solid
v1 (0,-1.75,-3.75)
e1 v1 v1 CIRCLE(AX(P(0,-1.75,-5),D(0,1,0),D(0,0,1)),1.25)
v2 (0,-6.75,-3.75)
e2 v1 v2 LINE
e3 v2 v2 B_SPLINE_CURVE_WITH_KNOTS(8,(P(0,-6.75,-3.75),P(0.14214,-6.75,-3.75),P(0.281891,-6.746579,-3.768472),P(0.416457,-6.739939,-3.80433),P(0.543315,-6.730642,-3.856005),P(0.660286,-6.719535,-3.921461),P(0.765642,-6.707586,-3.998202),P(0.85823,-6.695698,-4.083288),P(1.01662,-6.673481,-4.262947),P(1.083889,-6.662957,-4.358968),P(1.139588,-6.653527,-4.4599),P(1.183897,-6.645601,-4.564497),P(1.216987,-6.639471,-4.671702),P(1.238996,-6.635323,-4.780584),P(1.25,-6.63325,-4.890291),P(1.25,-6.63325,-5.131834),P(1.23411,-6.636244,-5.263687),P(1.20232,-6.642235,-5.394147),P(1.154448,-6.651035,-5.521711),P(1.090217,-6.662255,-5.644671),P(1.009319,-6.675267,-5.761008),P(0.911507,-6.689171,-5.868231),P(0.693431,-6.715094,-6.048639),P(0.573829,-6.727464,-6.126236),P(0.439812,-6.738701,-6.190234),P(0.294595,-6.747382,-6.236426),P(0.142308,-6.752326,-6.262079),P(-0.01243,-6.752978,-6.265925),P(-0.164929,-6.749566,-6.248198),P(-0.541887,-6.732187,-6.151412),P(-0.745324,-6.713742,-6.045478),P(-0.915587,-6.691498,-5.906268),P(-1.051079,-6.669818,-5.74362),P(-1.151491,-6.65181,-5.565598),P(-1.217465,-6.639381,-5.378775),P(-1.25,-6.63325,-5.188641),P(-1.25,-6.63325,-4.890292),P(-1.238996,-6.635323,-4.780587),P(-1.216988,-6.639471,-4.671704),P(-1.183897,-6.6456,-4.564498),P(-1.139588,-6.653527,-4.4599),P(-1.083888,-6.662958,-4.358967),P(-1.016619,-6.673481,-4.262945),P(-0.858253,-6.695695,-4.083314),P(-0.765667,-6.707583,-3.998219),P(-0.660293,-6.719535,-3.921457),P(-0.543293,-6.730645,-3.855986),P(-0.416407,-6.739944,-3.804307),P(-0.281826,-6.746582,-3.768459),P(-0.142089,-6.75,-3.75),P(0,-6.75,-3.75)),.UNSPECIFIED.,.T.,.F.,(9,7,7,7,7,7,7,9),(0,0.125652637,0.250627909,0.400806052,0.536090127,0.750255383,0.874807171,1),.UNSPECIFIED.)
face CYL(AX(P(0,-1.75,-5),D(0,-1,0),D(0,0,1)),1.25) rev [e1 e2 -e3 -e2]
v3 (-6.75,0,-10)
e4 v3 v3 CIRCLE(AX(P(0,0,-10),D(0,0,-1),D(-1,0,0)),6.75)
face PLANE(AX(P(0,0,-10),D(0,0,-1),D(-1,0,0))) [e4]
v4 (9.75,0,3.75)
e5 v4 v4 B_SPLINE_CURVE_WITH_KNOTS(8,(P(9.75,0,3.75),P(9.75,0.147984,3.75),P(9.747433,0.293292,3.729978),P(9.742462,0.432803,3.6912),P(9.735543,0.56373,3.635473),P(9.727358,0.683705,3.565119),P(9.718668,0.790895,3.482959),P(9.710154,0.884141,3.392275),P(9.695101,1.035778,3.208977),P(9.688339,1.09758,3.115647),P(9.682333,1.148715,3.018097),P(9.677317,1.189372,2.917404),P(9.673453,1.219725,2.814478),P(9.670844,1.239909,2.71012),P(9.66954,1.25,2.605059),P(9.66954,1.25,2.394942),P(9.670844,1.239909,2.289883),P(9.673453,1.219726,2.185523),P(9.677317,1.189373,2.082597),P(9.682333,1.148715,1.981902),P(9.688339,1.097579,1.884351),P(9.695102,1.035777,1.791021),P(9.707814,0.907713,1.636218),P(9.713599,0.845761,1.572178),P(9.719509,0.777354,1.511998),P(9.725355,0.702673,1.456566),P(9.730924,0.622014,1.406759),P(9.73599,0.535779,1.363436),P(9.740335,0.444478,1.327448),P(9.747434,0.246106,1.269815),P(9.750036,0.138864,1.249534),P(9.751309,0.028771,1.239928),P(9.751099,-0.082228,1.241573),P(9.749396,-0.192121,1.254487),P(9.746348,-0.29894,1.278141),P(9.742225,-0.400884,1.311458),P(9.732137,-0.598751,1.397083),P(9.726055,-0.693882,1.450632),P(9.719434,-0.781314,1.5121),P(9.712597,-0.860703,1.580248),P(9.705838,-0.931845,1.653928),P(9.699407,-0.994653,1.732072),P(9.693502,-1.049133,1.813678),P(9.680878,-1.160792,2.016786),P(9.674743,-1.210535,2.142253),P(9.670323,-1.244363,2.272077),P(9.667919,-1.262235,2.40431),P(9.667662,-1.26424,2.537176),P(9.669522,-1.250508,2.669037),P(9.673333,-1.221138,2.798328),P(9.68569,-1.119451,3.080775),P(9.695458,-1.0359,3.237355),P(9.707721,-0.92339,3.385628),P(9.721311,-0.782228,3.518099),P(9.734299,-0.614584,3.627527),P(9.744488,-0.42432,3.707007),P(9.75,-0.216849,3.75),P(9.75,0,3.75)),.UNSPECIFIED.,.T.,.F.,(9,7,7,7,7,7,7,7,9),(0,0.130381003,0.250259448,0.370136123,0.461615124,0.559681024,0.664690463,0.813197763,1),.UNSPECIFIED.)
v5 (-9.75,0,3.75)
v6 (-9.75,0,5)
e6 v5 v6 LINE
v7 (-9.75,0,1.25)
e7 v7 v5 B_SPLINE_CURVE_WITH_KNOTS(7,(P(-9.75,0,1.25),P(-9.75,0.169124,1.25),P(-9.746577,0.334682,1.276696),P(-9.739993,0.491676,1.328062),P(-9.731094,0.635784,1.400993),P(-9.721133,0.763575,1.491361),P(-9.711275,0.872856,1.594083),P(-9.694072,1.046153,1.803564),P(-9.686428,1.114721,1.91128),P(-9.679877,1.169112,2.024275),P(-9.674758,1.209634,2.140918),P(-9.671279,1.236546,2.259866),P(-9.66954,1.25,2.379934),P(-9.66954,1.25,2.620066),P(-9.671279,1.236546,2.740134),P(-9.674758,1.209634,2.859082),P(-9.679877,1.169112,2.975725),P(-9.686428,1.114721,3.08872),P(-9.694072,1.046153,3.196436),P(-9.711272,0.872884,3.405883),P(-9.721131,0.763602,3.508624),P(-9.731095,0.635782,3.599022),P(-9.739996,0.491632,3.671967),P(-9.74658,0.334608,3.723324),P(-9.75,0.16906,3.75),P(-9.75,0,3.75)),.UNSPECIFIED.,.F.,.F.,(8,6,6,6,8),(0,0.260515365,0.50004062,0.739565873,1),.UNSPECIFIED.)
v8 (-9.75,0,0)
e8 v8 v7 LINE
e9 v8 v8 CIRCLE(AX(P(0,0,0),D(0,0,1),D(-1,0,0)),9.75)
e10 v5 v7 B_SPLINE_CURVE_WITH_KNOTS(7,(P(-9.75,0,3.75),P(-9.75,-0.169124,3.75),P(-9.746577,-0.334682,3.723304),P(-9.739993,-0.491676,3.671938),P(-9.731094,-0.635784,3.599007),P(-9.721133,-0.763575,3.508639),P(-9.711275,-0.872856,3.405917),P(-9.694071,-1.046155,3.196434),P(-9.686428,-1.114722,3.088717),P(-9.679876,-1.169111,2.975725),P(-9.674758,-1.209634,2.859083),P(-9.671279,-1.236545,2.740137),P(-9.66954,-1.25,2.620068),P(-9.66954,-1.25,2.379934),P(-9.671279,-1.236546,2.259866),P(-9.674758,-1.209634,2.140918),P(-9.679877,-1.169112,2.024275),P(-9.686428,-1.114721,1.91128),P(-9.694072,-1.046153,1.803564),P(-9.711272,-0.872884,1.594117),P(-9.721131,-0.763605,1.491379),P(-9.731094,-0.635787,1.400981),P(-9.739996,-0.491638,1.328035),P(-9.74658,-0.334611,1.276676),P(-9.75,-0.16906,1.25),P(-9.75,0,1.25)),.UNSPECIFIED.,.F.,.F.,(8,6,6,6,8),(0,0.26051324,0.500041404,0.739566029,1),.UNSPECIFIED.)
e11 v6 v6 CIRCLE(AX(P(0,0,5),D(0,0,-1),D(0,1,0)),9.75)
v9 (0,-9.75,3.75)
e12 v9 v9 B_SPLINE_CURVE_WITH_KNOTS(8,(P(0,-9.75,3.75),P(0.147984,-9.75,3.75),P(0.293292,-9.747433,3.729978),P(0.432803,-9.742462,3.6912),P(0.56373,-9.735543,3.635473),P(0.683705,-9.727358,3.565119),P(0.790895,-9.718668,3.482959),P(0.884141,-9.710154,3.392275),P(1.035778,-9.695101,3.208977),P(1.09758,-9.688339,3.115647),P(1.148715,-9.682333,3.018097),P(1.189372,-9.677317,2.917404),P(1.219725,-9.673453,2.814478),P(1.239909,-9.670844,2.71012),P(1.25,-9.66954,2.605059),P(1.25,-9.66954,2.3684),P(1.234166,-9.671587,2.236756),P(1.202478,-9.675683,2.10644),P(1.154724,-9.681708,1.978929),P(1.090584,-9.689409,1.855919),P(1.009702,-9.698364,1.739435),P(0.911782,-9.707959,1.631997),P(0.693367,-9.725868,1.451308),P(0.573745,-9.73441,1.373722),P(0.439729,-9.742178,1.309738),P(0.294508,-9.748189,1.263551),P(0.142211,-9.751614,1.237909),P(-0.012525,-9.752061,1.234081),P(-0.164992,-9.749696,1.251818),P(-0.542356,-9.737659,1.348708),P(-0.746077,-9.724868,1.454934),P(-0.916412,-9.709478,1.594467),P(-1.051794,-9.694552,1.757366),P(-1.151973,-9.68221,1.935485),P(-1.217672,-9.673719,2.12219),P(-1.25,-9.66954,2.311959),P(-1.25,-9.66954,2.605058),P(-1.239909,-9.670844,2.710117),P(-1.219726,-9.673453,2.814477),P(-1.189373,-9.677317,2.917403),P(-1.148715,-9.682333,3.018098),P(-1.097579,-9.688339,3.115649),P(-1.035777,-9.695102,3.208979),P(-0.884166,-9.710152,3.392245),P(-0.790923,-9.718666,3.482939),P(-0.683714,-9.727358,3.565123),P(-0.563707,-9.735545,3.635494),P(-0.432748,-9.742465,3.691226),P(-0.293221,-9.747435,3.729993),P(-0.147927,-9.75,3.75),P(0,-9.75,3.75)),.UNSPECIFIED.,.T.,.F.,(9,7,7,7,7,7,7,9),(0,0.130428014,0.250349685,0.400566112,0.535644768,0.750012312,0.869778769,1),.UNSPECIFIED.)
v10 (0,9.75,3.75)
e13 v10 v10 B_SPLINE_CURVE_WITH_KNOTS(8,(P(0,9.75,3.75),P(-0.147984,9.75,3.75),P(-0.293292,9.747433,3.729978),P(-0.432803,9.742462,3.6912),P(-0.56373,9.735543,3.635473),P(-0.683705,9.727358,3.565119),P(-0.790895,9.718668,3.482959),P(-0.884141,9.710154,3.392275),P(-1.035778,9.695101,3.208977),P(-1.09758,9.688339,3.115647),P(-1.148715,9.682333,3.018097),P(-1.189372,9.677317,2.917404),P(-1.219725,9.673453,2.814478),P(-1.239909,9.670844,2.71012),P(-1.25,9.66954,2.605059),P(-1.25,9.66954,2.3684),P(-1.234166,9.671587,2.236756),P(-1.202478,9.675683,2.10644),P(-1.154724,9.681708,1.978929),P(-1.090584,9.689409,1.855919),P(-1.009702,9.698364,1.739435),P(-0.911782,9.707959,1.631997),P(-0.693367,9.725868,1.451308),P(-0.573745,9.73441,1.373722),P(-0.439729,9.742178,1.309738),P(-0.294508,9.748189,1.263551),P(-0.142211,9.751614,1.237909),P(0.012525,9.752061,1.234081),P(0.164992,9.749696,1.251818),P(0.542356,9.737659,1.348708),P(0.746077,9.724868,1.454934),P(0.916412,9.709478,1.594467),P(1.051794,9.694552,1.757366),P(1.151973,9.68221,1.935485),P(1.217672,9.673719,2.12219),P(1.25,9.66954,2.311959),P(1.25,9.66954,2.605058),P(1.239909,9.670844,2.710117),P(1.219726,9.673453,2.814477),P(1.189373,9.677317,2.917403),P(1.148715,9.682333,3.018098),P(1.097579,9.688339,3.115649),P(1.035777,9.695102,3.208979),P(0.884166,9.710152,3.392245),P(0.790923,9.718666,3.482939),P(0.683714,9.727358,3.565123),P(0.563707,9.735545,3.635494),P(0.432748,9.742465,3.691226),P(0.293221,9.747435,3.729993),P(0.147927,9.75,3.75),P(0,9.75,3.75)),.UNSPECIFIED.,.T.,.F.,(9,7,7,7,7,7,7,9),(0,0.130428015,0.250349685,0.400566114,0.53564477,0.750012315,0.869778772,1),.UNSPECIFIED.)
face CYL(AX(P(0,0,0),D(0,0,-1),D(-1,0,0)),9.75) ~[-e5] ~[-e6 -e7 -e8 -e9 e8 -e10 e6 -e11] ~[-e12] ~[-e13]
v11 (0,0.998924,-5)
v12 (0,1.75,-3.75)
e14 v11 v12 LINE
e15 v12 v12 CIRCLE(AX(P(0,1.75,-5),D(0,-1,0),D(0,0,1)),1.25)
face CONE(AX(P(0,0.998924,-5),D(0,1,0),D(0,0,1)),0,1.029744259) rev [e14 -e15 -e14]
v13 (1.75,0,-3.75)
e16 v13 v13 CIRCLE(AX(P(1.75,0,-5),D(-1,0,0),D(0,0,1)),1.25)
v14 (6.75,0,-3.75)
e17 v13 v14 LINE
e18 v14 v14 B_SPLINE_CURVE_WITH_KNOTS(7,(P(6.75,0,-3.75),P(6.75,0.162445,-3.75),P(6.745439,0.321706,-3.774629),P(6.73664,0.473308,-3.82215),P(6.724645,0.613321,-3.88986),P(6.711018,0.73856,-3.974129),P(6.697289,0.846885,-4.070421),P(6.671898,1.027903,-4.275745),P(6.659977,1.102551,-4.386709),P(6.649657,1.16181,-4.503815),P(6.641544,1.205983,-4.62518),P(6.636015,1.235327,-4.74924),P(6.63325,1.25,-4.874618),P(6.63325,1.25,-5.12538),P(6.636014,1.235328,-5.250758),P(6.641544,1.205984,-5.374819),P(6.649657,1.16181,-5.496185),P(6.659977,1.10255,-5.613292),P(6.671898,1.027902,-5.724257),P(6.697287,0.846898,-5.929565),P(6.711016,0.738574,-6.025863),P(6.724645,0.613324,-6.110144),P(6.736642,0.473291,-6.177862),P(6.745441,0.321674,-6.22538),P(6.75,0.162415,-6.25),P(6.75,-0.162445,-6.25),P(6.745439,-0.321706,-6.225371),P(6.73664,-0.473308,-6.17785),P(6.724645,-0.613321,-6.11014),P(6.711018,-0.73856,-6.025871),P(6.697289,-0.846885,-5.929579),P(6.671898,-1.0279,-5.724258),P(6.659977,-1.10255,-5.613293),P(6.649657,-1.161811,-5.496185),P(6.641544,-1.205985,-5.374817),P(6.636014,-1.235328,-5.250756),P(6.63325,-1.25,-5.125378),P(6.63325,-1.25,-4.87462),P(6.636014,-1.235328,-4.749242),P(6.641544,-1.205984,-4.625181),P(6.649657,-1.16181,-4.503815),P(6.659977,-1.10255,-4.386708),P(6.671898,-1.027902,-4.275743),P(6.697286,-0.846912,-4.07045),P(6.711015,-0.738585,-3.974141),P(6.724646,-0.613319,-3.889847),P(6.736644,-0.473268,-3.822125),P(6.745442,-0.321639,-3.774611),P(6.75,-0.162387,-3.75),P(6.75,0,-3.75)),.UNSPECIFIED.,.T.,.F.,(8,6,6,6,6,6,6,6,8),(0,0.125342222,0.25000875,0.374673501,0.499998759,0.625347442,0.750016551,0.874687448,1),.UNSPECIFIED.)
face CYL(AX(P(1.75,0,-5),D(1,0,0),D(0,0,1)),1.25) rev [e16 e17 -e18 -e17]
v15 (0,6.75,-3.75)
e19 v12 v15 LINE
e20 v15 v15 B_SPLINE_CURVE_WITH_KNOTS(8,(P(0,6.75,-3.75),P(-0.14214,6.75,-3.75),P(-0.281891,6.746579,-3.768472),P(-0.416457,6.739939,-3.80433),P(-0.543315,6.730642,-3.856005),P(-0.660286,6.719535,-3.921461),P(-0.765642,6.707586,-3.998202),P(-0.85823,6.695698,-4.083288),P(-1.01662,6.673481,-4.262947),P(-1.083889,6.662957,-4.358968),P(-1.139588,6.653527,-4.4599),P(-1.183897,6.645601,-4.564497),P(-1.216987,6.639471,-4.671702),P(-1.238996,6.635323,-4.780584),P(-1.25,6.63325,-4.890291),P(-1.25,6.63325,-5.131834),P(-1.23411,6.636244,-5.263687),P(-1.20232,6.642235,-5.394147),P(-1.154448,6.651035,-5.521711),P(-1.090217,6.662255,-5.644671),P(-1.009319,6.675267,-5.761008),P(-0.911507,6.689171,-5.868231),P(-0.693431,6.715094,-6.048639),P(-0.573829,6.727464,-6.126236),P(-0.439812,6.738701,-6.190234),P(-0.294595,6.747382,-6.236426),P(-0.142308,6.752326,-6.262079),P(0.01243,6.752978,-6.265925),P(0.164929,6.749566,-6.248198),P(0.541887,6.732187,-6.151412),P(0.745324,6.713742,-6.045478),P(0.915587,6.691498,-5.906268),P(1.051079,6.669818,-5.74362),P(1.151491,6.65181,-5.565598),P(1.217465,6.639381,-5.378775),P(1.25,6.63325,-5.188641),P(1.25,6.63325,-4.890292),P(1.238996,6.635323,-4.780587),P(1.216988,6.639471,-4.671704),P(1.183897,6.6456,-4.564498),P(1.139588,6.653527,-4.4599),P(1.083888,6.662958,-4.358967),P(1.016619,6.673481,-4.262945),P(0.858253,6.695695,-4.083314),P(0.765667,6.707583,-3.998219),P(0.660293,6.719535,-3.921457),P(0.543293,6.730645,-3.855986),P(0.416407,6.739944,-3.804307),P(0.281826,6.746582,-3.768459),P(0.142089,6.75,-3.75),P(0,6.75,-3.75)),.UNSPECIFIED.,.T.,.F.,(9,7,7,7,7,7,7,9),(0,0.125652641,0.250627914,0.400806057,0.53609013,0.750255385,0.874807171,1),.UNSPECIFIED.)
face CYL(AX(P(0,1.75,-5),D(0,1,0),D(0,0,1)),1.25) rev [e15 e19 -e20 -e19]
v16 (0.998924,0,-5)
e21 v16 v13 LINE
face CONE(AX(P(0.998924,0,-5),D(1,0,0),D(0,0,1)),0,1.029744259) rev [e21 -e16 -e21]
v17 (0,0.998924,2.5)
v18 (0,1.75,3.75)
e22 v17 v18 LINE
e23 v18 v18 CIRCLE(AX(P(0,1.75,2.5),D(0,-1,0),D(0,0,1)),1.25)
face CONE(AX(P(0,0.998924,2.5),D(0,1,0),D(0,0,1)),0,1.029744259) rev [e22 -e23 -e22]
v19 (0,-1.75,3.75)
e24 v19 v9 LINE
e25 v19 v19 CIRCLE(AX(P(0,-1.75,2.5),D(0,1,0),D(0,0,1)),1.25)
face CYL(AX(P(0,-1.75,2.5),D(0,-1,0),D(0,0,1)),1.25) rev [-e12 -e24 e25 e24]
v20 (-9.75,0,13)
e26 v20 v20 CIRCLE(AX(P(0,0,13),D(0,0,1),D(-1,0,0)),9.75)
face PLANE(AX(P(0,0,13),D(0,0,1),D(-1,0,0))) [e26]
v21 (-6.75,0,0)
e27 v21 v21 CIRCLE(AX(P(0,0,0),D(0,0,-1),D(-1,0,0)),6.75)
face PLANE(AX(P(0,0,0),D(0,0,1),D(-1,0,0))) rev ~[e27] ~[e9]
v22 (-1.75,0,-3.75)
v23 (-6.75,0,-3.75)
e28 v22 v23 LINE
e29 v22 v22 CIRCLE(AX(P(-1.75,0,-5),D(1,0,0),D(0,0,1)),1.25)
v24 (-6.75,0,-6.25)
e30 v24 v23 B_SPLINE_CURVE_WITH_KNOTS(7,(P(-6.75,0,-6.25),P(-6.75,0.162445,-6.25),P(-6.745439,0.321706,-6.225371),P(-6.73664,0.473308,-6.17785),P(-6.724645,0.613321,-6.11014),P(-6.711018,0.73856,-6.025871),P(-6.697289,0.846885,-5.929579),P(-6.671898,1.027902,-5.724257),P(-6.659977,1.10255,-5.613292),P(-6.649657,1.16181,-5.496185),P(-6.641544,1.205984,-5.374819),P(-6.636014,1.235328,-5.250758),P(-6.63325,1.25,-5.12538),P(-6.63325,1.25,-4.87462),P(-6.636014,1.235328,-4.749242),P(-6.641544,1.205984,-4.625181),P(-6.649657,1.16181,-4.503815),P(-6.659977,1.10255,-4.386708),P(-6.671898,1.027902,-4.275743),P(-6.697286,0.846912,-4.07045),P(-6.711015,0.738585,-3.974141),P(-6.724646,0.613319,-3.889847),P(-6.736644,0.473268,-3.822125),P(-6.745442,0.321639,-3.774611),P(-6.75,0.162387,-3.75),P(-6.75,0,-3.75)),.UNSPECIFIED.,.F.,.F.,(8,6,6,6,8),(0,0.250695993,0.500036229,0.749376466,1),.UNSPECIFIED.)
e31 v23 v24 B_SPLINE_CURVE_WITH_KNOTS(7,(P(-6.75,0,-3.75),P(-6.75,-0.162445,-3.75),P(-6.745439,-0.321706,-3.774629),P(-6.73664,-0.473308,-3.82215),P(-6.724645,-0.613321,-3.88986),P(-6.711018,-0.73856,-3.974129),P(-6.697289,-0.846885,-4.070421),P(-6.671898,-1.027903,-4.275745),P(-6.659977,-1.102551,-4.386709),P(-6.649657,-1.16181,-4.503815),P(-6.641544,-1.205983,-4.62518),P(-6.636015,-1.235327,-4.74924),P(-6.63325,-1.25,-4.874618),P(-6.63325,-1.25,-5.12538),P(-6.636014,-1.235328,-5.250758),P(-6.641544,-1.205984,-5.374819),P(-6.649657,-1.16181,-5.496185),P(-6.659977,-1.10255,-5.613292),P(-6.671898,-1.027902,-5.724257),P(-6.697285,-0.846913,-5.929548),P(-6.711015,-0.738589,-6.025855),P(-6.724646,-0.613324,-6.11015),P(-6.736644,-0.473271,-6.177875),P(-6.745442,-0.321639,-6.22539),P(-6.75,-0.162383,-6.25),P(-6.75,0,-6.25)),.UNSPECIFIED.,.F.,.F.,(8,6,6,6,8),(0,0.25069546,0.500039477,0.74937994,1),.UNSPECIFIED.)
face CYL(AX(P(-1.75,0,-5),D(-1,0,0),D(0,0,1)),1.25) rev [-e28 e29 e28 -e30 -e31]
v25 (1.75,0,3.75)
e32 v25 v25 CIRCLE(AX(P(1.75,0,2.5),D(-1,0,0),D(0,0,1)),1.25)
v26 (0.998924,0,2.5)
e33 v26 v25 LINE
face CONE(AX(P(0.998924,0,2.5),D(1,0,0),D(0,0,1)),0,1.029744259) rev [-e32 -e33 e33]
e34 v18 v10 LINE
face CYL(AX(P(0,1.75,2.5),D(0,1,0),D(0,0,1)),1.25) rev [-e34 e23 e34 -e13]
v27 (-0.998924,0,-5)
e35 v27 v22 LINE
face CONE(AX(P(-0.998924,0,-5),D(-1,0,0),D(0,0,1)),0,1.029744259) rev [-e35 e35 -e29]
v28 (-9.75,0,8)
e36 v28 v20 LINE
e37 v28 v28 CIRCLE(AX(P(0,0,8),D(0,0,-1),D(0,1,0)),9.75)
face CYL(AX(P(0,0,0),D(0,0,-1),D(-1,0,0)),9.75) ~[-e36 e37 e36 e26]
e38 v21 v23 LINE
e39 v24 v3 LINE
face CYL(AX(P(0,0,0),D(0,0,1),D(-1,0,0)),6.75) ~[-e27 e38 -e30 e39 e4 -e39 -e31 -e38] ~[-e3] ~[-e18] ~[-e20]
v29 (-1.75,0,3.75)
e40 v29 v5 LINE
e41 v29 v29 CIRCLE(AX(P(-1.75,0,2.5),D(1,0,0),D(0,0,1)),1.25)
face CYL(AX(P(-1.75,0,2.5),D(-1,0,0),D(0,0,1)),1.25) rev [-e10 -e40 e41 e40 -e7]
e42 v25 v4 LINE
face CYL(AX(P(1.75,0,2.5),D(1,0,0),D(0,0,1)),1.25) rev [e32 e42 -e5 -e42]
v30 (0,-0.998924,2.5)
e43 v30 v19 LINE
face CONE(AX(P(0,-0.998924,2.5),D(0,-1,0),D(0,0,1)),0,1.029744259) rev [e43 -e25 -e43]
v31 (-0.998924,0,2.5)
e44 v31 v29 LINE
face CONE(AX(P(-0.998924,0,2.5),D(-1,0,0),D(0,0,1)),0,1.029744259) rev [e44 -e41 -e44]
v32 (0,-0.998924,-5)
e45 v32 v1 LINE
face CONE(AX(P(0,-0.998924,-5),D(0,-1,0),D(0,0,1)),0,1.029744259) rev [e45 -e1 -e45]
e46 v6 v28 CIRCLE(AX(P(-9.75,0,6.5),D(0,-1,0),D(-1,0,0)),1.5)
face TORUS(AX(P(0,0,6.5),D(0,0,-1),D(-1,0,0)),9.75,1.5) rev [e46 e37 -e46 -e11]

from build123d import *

# Parameters (mm, degrees)
ESBO_O2_R                = 9.75
RESSALTO_EXTRUS_O1_DEPTH = 13
ESBO_O3_R                = 1.5
ESBO_O4_R                = 6.75
RESSALTO_EXTRUS_O2_DEPTH = 10
PADR_OCIRCULAR1_COUNT    = 4
PADR_OCIRCULAR2_COUNT    = 4


with BuildPart() as part:
    # Esboço2 → Ressalto-extrusão1 (new body)
    with BuildSketch(Plane.XY):
        with Locations(Location((0, 0, 0), (0, 0, 180))):
            Circle(ESBO_O2_R)
    extrude(amount=RESSALTO_EXTRUS_O1_DEPTH)

    # Esboço3 → Corte-Revolução1 (revolve, cut)
    with BuildSketch(Plane(origin=(0, 0, 0), x_dir=(1, 0, 0), z_dir=(0, 1, 0)), mode=Mode.PRIVATE) as corte_revolu_o1_sk:
        with Locations((9.75, -6.5)):
            Circle(ESBO_O3_R)
    revolve(corte_revolu_o1_sk.sketch.rotate(Axis((0, 0, 0), (0, 0, 1)), 180), axis=Axis((0, 0, 0), (0, 0, 1)), mode=Mode.SUBTRACT)

    # Esboço4 → Ressalto-extrusão2 (add)
    with BuildSketch(Plane(origin=(0, 0, 0), x_dir=(-1, 0, 0), z_dir=(0, 0, -1))):
        Circle(ESBO_O4_R)
    extrude(amount=RESSALTO_EXTRUS_O2_DEPTH)

    # Esboço15 → Broca de rosquear para tarraxa de M36 (revolve, cut)
    with BuildSketch(Plane(origin=(0, 9.75, 2.5), x_dir=(0, 0, 1), z_dir=(1, 0, 0))):
        Polygon((0, 0), (0, 8.751075774), (1.25, 8), (1.25, 0), align=None)
    broca_de_rosquear_para_tarraxa_de_m36 = revolve(axis=Axis((0, 16.1, 2.5), (0, -1, 0)), mode=Mode.SUBTRACT)

    # PadrãoCircular1: Broca de rosquear para tarraxa de M36 ×4 about axis
    padr_ocircular1_axis = Axis((0, 0, 0), (0, 0, 1))
    for i in range(1, PADR_OCIRCULAR1_COUNT):
        add(broca_de_rosquear_para_tarraxa_de_m36.rotate(padr_ocircular1_axis, i * 360 / PADR_OCIRCULAR1_COUNT), mode=Mode.SUBTRACT)

    # Esboço19 → Broca de rosquear para tarraxa de M310 (revolve, cut)
    with BuildSketch(Plane(origin=(0, 6.75, -5), x_dir=(0, 0, 1), z_dir=(1, 0, 0))):
        Polygon((0, 0), (0, 5.751075774), (1.25, 5), (1.25, 0), align=None)
    broca_de_rosquear_para_tarraxa_de_m310 = revolve(axis=Axis((0, 13.1, -5), (0, -1, 0)), mode=Mode.SUBTRACT)

    # PadrãoCircular2: Broca de rosquear para tarraxa de M310 ×4 about axis
    padr_ocircular2_axis = Axis((0, 0, 0), (0, 0, 1))
    for i in range(1, PADR_OCIRCULAR2_COUNT):
        add(broca_de_rosquear_para_tarraxa_de_m310.rotate(padr_ocircular2_axis, i * 360 / PADR_OCIRCULAR2_COUNT), mode=Mode.SUBTRACT)


solid = part.part
